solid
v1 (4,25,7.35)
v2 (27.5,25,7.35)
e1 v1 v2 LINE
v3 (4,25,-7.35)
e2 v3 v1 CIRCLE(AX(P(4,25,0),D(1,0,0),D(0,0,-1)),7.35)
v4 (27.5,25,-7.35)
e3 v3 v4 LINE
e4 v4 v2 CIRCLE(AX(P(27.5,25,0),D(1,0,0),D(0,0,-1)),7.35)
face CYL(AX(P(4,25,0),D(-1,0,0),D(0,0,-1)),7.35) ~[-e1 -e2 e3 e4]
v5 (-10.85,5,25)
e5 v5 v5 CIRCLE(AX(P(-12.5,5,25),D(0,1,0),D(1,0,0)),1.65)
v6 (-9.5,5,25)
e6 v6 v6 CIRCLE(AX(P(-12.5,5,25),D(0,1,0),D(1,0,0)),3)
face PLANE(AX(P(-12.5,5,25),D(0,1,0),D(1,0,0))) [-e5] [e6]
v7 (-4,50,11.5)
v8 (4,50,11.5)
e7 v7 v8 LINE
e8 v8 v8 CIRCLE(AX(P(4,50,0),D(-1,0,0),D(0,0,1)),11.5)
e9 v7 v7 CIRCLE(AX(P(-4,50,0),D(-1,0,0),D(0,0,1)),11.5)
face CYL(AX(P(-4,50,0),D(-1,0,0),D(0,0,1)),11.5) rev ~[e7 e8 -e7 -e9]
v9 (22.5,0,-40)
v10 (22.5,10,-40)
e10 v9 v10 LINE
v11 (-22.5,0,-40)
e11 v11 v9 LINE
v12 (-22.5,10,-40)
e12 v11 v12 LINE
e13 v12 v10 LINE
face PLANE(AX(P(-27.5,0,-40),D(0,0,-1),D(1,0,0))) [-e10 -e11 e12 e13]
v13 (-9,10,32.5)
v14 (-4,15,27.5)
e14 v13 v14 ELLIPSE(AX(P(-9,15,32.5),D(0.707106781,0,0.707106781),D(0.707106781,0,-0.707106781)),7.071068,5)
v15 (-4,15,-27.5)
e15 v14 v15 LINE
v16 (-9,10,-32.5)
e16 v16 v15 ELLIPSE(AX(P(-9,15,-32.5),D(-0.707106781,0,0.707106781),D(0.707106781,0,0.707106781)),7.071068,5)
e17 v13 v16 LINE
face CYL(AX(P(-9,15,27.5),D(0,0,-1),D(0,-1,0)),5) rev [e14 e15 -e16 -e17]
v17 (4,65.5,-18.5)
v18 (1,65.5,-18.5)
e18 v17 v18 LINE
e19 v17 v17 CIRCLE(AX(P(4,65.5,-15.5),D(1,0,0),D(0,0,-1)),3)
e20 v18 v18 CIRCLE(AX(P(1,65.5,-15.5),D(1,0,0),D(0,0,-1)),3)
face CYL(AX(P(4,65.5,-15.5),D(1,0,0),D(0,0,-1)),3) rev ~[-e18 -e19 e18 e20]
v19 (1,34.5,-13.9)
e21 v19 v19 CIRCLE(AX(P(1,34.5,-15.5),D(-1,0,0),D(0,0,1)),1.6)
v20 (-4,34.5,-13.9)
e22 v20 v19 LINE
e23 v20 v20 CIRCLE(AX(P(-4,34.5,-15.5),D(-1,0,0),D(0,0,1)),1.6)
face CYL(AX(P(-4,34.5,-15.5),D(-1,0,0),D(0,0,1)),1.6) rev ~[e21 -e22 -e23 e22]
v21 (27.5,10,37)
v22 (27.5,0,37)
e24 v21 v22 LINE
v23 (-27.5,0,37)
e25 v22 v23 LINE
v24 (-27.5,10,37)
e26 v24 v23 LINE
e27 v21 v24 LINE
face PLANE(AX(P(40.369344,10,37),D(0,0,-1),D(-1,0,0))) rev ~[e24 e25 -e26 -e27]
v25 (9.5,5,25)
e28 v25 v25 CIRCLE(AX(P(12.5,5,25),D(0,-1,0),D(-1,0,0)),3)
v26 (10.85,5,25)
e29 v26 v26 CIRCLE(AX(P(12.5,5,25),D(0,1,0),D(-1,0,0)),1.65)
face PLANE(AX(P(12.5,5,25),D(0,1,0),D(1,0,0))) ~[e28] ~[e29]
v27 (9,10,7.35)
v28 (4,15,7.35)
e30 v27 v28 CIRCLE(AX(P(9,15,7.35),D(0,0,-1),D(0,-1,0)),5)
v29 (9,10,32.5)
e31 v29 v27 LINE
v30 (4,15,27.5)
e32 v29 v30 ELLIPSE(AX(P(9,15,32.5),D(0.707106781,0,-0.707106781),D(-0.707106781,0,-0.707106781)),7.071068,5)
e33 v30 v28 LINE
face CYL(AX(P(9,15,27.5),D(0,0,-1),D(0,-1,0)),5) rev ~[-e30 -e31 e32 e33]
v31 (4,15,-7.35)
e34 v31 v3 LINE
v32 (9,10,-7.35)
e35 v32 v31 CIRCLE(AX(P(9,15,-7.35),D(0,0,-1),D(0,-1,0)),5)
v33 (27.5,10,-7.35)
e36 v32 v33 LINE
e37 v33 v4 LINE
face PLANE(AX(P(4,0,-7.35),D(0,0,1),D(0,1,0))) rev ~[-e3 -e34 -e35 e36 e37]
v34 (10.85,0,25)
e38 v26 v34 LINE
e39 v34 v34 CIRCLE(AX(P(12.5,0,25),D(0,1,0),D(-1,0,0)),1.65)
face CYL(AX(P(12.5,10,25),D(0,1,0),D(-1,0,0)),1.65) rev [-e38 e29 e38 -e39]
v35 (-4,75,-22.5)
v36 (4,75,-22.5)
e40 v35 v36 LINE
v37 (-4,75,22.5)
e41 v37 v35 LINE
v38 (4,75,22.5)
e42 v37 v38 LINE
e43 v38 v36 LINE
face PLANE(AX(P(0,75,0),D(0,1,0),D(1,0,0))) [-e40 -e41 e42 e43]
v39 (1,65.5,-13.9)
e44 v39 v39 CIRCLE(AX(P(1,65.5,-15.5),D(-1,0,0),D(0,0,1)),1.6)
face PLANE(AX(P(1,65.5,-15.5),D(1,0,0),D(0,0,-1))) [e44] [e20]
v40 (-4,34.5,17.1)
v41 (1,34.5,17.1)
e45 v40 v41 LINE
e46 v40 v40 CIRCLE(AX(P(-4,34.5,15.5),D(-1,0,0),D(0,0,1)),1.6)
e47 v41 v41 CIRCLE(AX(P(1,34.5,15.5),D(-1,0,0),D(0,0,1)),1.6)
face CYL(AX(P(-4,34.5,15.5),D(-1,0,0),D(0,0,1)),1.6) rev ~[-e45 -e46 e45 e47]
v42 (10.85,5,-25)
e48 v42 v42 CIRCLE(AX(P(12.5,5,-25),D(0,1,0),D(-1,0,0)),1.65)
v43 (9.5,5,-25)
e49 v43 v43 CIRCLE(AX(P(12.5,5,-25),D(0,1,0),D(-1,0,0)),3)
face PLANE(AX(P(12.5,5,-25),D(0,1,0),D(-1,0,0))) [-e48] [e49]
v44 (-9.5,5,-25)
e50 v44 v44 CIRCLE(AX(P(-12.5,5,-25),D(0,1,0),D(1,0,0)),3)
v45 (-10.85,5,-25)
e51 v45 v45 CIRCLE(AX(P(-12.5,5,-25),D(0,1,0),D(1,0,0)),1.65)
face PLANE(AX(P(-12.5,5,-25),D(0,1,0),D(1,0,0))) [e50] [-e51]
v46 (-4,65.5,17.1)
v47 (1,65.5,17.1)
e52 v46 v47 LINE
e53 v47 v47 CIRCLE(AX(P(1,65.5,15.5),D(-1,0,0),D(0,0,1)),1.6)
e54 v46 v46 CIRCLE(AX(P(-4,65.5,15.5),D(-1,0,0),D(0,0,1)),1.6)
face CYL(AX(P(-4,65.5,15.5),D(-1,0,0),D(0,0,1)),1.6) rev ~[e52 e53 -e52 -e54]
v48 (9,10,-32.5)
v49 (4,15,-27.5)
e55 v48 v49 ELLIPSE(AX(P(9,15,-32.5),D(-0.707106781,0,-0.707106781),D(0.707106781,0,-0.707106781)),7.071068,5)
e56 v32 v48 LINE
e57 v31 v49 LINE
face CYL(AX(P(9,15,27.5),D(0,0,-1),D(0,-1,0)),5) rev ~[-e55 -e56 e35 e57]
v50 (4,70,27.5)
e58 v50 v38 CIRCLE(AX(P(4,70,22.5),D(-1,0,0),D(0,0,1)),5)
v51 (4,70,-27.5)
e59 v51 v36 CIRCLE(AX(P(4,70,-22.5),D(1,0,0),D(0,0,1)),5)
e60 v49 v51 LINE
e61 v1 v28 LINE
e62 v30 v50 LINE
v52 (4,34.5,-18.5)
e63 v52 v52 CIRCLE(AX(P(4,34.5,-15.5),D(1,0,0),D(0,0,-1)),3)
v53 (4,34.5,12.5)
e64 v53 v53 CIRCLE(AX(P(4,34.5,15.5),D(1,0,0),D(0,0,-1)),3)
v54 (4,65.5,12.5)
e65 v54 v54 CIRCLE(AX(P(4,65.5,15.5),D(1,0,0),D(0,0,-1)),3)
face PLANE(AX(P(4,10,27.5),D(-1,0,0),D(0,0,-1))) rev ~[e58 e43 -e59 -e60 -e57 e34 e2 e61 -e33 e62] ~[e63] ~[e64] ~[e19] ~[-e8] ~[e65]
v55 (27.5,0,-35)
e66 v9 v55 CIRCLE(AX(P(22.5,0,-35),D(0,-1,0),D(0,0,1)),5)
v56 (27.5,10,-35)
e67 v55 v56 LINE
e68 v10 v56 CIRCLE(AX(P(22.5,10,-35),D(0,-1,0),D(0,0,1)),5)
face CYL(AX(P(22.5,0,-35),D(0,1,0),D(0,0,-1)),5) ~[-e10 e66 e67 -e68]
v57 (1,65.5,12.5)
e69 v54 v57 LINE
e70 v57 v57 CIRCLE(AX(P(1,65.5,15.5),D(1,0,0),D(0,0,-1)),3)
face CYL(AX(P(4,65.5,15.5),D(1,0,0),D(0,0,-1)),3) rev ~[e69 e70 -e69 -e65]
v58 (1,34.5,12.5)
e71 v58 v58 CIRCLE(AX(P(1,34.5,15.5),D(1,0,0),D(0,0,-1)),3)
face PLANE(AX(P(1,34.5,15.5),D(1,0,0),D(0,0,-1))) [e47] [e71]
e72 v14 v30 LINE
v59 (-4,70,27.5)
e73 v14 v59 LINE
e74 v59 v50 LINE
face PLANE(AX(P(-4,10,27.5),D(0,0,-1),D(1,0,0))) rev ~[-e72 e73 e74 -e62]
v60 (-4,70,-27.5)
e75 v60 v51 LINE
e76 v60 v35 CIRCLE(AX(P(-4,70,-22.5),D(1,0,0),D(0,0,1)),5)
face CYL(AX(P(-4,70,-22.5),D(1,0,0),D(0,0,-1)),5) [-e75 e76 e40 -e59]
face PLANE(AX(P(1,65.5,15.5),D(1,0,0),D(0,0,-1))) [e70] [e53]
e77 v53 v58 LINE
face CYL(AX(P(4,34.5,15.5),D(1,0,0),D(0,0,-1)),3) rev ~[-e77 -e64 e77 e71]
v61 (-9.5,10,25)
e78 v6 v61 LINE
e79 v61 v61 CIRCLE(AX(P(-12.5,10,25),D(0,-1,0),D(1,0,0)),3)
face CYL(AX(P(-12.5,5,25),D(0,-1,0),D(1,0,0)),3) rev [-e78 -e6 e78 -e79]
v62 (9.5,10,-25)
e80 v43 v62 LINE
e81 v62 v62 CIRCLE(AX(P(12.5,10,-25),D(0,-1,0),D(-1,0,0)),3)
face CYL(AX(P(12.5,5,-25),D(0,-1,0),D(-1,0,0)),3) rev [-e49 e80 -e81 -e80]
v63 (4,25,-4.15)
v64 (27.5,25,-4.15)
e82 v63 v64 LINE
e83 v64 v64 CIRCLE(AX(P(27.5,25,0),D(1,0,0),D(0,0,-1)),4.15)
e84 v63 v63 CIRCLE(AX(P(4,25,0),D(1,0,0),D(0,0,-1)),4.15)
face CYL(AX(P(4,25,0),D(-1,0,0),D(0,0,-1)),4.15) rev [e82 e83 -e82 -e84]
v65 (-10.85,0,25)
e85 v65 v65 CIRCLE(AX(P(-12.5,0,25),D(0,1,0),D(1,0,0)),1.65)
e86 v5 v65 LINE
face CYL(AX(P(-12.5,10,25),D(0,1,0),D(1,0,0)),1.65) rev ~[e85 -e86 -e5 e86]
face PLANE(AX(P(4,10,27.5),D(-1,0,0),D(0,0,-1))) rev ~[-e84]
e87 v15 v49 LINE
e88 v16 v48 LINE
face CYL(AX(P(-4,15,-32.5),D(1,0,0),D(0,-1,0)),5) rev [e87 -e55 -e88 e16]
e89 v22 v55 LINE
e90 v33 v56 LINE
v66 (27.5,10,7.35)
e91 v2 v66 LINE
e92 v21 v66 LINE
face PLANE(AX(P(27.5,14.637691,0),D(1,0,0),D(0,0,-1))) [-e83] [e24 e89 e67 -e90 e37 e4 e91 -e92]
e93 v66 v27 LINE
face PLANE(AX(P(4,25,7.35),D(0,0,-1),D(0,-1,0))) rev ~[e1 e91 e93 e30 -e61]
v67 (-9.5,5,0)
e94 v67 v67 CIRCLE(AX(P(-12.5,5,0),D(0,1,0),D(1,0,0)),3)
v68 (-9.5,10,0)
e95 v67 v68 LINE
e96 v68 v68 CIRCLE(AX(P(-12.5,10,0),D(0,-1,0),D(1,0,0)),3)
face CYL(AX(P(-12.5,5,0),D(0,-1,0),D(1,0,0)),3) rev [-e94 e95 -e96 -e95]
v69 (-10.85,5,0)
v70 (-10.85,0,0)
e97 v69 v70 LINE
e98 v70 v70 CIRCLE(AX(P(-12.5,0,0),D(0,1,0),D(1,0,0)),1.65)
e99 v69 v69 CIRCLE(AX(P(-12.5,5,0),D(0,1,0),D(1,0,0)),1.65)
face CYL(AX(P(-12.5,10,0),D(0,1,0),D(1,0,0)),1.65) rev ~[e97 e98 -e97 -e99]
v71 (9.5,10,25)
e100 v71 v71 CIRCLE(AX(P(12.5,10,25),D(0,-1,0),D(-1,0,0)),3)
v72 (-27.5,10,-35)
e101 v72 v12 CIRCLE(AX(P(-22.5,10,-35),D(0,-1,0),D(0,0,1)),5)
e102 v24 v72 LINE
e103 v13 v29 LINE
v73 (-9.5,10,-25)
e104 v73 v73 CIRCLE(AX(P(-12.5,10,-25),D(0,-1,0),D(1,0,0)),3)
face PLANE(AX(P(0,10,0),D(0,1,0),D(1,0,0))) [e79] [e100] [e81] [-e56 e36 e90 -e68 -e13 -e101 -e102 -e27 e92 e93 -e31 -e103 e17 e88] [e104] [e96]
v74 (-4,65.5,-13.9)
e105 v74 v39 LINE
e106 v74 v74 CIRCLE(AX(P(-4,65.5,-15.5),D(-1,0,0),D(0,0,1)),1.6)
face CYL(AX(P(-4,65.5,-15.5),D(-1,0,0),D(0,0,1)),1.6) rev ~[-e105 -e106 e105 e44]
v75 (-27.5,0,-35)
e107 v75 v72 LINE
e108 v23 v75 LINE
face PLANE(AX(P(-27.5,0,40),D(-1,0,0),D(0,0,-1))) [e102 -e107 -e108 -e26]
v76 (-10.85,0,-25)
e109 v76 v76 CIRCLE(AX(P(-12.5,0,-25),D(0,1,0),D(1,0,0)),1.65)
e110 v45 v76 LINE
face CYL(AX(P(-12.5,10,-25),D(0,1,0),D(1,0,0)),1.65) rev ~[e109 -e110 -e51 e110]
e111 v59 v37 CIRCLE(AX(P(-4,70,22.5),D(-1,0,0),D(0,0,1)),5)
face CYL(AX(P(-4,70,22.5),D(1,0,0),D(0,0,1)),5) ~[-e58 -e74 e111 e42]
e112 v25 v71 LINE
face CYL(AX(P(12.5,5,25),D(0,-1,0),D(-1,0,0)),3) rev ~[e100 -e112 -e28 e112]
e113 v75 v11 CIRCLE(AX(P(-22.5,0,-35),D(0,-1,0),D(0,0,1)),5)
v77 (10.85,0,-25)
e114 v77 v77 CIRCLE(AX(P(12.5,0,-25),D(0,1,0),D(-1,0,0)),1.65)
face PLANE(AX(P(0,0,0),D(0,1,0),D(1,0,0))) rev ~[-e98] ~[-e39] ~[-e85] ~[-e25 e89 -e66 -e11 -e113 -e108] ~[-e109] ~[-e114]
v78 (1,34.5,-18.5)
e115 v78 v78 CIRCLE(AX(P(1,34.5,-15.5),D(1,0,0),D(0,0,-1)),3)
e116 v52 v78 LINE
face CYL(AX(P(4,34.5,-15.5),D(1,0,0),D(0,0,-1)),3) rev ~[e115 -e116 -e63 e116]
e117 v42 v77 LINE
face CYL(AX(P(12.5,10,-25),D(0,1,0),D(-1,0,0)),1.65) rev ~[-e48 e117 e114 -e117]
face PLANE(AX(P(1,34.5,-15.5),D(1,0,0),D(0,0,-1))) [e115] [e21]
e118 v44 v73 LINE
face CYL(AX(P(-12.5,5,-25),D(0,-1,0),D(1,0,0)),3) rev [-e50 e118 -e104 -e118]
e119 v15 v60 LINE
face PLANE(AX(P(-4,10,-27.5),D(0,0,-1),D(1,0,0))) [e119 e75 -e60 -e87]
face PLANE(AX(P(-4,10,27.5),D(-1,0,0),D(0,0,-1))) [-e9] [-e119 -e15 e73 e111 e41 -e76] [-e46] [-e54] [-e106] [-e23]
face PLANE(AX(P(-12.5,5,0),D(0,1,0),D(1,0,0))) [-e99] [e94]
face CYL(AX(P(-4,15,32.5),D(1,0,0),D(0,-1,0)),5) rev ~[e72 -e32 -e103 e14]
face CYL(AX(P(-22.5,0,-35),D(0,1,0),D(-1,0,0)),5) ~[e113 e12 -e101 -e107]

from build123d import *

# Parameters (mm, degrees)
SKETCH1_W               = 55
SKETCH1_H               = 80
BOSS_EXTRUDE1_DEPTH     = 10
SKETCH6_R               = 1.65
CUT_EXTRUDE2_DEPTH      = 55
LPATTERN1_COUNT         = 3
LPATTERN1_PITCH         = 25
MIRROR3_COPY_1_SKETCH_R = 1.65
MIRROR3_COPY_1_DEPTH    = 55
MIRROR3_COPY_2_SKETCH_R = 1.65
MIRROR3_COPY_2_DEPTH    = 55
SKETCH8_W               = 8
SKETCH8_H               = 55
BOSS_EXTRUDE3_DEPTH     = 65
FILLET3_R               = 5
SKETCH9_R               = 1.6
SKETCH9_R_2             = 11.5
CUT_EXTRUDE3_DEPTH      = 32.5
SKETCH10_R              = 3
CUT_EXTRUDE4_DEPTH      = 3
CUT_EXTRUDE5_START      = -5
SKETCH11_R              = 3
CUT_EXTRUDE5_DEPTH      = 71
LPATTERN2_COUNT         = 3
LPATTERN2_PITCH         = 25
MIRROR4_START           = -5
MIRROR4_COPY_1_SKETCH_R = 3
MIRROR4_COPY_1_DEPTH    = 71
MIRROR4_COPY_2_SKETCH_R = 3
MIRROR4_COPY_2_DEPTH    = 71
CUT_EXTRUDE6_DEPTH      = 10
SKETCH13_R              = 4.15
BOSS_EXTRUDE4_DEPTH     = 23.5


with BuildPart() as part:
    # Sketch1 → Boss-Extrude1 (new body)
    with BuildSketch(Plane(origin=(0, 0, 0), x_dir=(1, 0, 0), z_dir=(0, 1, 0))):
        Rectangle(SKETCH1_W, SKETCH1_H)
    extrude(amount=BOSS_EXTRUDE1_DEPTH)

    # Sketch6 → Cut-Extrude2 (cut)
    with BuildSketch(Plane(origin=(0, 10, 0), x_dir=(1, 0, 0), z_dir=(0, 1, 0))):
        with Locations((-12.5, -25)):
            Circle(SKETCH6_R)
    cut_extrude2 = extrude(amount=-CUT_EXTRUDE2_DEPTH, mode=Mode.SUBTRACT)

    # LPattern1: Cut-Extrude2 ×3
    with Locations(*[(0, 0, -i * LPATTERN1_PITCH) for i in range(1, LPATTERN1_COUNT)]):
        add(cut_extrude2, mode=Mode.SUBTRACT)

    # Mirror3: Cut-Extrude2 across plane
    add(cut_extrude2.mirror(Plane(origin=(0, 0, 0), x_dir=(0, 0, 1), z_dir=(1, 0, 0))), mode=Mode.SUBTRACT)

    # Mirror3 copy 1 sketch → Mirror3 copy 1 (cut)
    with BuildSketch(Plane(origin=(0, 10, -25), x_dir=(-1, 0, 0), z_dir=(0, 1, 0))):
        with Locations((-12.5, 25)):
            Circle(MIRROR3_COPY_1_SKETCH_R)
    extrude(amount=-MIRROR3_COPY_1_DEPTH, mode=Mode.SUBTRACT)

    # Mirror3 copy 2 sketch → Mirror3 copy 2 (cut)
    with BuildSketch(Plane(origin=(0, 10, -50), x_dir=(-1, 0, 0), z_dir=(0, 1, 0))):
        with Locations((-12.5, 25)):
            Circle(MIRROR3_COPY_2_SKETCH_R)
    extrude(amount=-MIRROR3_COPY_2_DEPTH, mode=Mode.SUBTRACT)

    # Sketch8 → Boss-Extrude3 (add)
    with BuildSketch(Plane(origin=(0, 10, 0), x_dir=(1, 0, 0), z_dir=(0, 1, 0))):
        Rectangle(SKETCH8_W, SKETCH8_H)
    extrude(amount=BOSS_EXTRUDE3_DEPTH)

    # Fillet3
    fillet3_edges = [part.edges().sort_by_distance(p)[0] for p in [
        (4, 10, 0),
        (0, 10, -27.5),
        (-4, 10, 0),
        (0, 10, 27.5),
        (0, 75, -27.5),
        (0, 75, 27.5),
        (-27.5, 5, -40),
        (27.5, 5, -40),
    ]]
    fillet(fillet3_edges, radius=FILLET3_R)

    # Sketch9 → Cut-Extrude3 (cut, through all)
    with BuildSketch(Plane.ZY.offset(4)):
        with Locations((-15.5, 65.5)):
            Circle(SKETCH9_R)
        with Locations((15.5, 65.5)):
            Circle(SKETCH9_R)
        with Locations((-15.5, 34.5)):
            Circle(SKETCH9_R)
        with Locations((15.5, 34.5)):
            Circle(SKETCH9_R)
        with Locations((0, 50)):
            Circle(SKETCH9_R_2)
    extrude(amount=-CUT_EXTRUDE3_DEPTH, mode=Mode.SUBTRACT)

    # Sketch10 → Cut-Extrude4 (cut)
    with BuildSketch(Plane(origin=(4, 0, 0), x_dir=(0, 0, -1), z_dir=(1, 0, 0))):
        with Locations((-15.5, 65.5)):
            Circle(SKETCH10_R)
        with Locations((15.5, 65.5)):
            Circle(SKETCH10_R)
        with Locations((15.5, 34.5)):
            Circle(SKETCH10_R)
        with Locations((-15.5, 34.5)):
            Circle(SKETCH10_R)
    extrude(amount=-CUT_EXTRUDE4_DEPTH, mode=Mode.SUBTRACT)

    # Sketch11 → Cut-Extrude5 (cut)
    with BuildSketch(Plane(origin=(0, 10, 0), x_dir=(1, 0, 0), z_dir=(0, 1, 0)).offset(CUT_EXTRUDE5_START)):
        with Locations((-12.5, -25)):
            Circle(SKETCH11_R)
    cut_extrude5 = extrude(amount=CUT_EXTRUDE5_DEPTH, mode=Mode.SUBTRACT)

    # LPattern2: Cut-Extrude5 ×3
    with Locations(*[(0, 0, -i * LPATTERN2_PITCH) for i in range(1, LPATTERN2_COUNT)]):
        add(cut_extrude5, mode=Mode.SUBTRACT)

    # Mirror4: Cut-Extrude5 across plane
    add(cut_extrude5.mirror(Plane(origin=(0, 0, 0), x_dir=(0, 0, 1), z_dir=(1, 0, 0))), mode=Mode.SUBTRACT)

    # Mirror4 copy 1 sketch → Mirror4 copy 1 (cut)
    with BuildSketch(Plane(origin=(0, 10, -25), x_dir=(-1, 0, 0), z_dir=(0, 1, 0)).offset(MIRROR4_START)):
        with Locations((-12.5, 25)):
            Circle(MIRROR4_COPY_1_SKETCH_R)
    extrude(amount=MIRROR4_COPY_1_DEPTH, mode=Mode.SUBTRACT)

    # Mirror4 copy 2 sketch → Mirror4 copy 2 (cut)
    with BuildSketch(Plane(origin=(0, 10, -50), x_dir=(-1, 0, 0), z_dir=(0, 1, 0)).offset(MIRROR4_START)):
        with Locations((-12.5, 25)):
            Circle(MIRROR4_COPY_2_SKETCH_R)
    extrude(amount=MIRROR4_COPY_2_DEPTH, mode=Mode.SUBTRACT)

    # Sketch12 → Cut-Extrude6 (cut)
    with BuildSketch(Plane(origin=(0, 10, 0), x_dir=(1, 0, 0), z_dir=(0, 1, 0))):
        Polygon((12.5, -37), (-38.055736231, -37), (-38.055736231, -44.287300659), (40.369344369, -44.287300659), (40.369344369, -37), align=None)
    extrude(amount=-CUT_EXTRUDE6_DEPTH, mode=Mode.SUBTRACT)

    # Sketch13 → Boss-Extrude4 (add)
    with BuildSketch(Plane(origin=(4, 0, 0), x_dir=(0, 0, -1), z_dir=(1, 0, 0))):
        with BuildLine():
            Line((-7.35, 25), (-7.35, 10))
            Line((-7.35, 10), (-7.35, 0))
            Line((-7.35, 0), (7.35, 0))
            Line((7.35, 0), (7.35, 10))
            Line((7.35, 10), (7.35, 25))
            ThreePointArc((7.35, 25), (0, 32.35), (-7.35, 25))
        make_face()
        with Locations((0, 25)):
            Circle(SKETCH13_R, mode=Mode.SUBTRACT)
    extrude(amount=BOSS_EXTRUDE4_DEPTH)


solid = part.part
